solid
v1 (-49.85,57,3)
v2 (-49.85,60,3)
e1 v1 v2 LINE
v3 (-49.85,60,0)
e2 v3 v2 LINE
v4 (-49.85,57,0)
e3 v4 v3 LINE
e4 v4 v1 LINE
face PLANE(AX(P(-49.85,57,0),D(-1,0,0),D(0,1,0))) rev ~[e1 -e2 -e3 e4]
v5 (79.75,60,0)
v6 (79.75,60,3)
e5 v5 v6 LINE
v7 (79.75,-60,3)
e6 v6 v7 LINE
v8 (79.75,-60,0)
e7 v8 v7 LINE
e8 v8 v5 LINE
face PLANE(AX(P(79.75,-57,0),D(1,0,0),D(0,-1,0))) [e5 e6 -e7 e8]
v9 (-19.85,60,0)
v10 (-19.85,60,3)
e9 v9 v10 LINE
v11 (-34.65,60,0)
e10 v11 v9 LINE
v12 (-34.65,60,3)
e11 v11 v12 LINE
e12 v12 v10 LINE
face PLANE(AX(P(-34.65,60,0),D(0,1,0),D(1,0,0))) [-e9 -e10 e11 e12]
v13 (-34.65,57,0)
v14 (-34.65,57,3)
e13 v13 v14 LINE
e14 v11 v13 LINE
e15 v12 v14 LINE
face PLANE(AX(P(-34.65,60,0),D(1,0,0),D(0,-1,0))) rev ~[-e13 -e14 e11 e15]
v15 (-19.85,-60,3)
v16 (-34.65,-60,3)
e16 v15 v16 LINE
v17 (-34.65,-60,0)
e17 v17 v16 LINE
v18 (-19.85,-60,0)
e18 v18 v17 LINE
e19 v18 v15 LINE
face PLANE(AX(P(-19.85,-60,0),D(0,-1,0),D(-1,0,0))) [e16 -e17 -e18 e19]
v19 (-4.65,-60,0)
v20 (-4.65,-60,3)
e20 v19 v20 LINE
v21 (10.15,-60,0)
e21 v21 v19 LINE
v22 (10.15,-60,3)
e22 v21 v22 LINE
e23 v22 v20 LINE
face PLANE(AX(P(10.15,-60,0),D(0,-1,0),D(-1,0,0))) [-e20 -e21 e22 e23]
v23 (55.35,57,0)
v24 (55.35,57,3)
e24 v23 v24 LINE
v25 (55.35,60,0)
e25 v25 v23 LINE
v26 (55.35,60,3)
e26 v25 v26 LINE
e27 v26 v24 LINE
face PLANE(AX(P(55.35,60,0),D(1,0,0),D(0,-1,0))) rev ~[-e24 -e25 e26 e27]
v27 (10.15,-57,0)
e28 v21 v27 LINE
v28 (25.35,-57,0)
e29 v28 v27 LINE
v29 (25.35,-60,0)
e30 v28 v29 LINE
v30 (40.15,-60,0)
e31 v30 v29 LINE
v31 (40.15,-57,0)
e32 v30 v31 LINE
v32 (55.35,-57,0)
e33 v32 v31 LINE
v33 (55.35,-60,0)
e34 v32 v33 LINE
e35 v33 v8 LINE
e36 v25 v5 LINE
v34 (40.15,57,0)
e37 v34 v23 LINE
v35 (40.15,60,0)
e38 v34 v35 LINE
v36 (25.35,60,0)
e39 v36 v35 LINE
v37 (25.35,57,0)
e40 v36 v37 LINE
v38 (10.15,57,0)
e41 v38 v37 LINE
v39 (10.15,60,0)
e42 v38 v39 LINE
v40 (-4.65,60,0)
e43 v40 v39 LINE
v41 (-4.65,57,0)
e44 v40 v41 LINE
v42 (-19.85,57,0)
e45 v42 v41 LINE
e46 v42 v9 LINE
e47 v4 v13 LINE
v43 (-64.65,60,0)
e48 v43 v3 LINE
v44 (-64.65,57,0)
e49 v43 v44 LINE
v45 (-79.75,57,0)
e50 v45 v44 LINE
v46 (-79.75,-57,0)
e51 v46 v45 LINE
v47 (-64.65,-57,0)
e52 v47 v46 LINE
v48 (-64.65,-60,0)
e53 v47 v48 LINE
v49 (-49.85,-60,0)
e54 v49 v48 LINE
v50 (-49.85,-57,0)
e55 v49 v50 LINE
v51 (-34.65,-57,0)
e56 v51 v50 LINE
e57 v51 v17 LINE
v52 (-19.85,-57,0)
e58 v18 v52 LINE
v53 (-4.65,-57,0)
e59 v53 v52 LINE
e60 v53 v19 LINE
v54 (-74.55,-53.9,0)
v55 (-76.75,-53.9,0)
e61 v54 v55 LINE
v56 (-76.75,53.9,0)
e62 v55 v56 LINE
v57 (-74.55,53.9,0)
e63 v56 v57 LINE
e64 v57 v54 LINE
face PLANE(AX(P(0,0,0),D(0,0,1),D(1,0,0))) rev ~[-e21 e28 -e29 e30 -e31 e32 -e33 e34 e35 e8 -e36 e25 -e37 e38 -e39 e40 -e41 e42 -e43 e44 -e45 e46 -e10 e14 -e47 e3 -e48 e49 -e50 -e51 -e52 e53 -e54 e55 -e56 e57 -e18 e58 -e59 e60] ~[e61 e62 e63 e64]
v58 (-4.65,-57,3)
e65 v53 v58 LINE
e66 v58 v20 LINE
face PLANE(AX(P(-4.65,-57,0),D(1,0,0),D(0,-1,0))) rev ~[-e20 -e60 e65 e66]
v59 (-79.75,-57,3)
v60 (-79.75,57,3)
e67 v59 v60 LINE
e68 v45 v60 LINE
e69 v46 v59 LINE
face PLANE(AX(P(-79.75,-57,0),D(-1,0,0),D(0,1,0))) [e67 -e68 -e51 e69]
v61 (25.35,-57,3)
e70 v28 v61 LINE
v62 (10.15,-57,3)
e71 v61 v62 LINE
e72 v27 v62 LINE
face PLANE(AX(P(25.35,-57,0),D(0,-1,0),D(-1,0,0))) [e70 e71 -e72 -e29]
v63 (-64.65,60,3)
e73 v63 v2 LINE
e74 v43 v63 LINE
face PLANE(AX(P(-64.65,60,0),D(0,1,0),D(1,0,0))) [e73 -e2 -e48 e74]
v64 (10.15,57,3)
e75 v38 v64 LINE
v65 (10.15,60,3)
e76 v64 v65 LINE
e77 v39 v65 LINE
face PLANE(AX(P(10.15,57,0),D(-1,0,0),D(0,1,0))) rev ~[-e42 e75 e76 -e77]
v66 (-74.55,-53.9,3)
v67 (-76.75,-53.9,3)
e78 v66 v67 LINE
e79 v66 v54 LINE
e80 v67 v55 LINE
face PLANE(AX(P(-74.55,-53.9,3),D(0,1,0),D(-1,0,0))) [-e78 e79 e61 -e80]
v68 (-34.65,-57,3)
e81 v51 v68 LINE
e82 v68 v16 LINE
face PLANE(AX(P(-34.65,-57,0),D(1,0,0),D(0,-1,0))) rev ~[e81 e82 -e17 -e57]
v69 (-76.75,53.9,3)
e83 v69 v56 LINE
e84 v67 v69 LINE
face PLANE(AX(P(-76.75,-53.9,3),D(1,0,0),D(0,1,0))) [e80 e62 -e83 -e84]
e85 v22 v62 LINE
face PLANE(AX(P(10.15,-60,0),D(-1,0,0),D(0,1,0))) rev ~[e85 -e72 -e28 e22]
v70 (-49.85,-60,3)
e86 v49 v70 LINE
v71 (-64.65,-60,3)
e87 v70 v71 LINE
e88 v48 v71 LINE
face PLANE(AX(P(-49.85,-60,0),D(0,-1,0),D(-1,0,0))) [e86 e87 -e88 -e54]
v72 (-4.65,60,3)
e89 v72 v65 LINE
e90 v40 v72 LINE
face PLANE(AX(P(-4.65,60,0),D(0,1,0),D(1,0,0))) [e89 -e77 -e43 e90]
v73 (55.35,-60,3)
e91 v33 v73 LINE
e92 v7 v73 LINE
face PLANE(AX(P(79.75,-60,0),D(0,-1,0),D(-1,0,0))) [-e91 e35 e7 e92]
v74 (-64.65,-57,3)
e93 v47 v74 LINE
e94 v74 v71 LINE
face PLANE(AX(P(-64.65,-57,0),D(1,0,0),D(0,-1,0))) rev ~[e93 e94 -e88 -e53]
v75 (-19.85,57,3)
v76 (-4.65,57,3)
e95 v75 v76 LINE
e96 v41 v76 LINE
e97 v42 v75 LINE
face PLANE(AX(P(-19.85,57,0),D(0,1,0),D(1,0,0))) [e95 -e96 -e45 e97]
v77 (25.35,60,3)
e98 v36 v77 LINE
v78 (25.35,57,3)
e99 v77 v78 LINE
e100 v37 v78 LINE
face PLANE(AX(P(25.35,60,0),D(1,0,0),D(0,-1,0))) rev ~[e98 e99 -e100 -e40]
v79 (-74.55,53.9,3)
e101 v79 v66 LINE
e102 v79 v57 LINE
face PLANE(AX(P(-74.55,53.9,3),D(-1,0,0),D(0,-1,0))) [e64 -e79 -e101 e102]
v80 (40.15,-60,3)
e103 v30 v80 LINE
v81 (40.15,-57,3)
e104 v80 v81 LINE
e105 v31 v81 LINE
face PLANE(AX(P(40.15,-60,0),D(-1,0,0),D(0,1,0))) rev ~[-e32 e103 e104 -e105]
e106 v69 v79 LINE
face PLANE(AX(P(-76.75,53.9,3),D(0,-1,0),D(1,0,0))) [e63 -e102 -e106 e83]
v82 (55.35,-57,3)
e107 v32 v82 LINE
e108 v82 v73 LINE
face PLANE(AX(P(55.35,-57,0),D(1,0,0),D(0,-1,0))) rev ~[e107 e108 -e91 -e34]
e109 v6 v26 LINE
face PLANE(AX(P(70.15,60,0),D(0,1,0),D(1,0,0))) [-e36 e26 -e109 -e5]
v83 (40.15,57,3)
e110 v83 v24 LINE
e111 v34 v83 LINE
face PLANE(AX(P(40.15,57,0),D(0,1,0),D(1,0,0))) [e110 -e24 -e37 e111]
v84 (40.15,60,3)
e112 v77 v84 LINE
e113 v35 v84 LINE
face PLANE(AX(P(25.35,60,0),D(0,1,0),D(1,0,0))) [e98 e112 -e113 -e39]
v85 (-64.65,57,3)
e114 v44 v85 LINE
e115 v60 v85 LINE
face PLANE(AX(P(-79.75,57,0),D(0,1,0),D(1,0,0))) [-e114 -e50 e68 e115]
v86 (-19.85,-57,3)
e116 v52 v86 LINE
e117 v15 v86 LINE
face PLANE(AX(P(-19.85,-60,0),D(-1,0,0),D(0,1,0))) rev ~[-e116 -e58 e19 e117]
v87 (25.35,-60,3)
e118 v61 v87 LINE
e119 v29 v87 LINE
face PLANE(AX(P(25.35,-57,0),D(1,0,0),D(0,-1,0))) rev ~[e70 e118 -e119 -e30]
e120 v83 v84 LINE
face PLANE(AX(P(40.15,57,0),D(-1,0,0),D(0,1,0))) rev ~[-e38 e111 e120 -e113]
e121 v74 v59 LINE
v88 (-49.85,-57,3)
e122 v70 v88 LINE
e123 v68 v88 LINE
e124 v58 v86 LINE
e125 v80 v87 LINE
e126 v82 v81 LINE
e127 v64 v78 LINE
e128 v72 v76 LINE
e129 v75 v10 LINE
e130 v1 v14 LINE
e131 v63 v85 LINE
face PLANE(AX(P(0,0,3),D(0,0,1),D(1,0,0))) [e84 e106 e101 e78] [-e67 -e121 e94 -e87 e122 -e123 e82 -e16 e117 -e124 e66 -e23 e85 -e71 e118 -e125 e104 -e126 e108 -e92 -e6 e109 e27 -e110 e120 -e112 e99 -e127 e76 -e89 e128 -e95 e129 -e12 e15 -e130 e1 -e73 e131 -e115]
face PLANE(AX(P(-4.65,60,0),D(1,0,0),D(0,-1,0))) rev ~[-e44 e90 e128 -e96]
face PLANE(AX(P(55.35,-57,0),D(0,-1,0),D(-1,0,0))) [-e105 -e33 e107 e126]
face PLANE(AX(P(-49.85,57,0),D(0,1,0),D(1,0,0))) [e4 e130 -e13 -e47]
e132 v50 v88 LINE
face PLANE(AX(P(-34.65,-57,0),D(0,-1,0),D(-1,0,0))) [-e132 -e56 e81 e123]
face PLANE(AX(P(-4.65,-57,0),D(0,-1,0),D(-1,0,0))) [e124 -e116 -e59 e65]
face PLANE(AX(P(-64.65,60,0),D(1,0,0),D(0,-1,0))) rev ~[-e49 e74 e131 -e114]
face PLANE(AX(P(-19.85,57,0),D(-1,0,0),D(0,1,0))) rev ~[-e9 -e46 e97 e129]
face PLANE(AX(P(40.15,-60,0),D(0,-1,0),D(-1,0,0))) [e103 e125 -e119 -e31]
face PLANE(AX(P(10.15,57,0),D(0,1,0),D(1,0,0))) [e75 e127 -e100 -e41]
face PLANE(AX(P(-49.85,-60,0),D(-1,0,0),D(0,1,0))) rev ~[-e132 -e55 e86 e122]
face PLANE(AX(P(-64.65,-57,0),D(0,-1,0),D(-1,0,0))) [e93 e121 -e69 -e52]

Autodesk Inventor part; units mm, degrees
ref_plane "YZ Plane" through (0, 0, 0) normal (1, 0, 0) x (0, 1, 0)
ref_plane "XZ Plane" through (0, 0, 0) normal (0, 1, 0) x (-1, 0, 0)
ref_plane "XY Plane" through (0, 0, 0) normal (0, 0, 1) x (1, 0, 0)
sketch "Esboço2" plane through (0, 0, 0) normal (0, 0, 1) x (1, 0, 0)
  line L0 (79.75, -60) -> (-79.75, -60)
  line L1 (-79.75, -60) -> (-79.75, 60)
  line L2 (-79.75, 60) -> (79.75, 60)
  line L3 (79.75, 60) -> (79.75, -60)
  line L4 (79.75, -60) -> (-79.75, 60) construction
  line L5 (-79.75, -60) -> (79.75, 60) construction
  line L6 (-64.65, -60) -> (-49.85, -60)
  line L7 (-49.85, -60) -> (-49.85, 60)
  line L8 (-49.85, 60) -> (-64.65, 60)
  line L9 (-64.65, 60) -> (-64.65, -60)
  line L10 (-34.65, 60) -> (-34.65, -60)
  line L11 (-19.85, -60) -> (-19.85, 60)
  line L12 (-4.65, 60) -> (-4.65, -60)
  line L13 (10.15, -60) -> (10.15, 60)
  line L14 (25.35, 60) -> (25.35, -60)
  line L15 (40.15, -60) -> (40.15, 60)
  line L16 (55.35, 60) -> (55.35, -60)
  line L17 (70.15, -60) -> (70.15, 60)
  line L18 (85.35, 60) -> (85.35, -60)
  line L19 (100.15, -60) -> (100.15, 60)
  line L20 (79.75, -57) -> (-79.75, -57)
  line L21 (-79.75, 57) -> (79.75, 57)
  point P0 (0, 0)
  point P1 (-64.65, 57)
  point P2 (-64.65, -57)
  point P3 (-49.85, -57)
  point P4 (-49.85, -60)
  point P5 (-34.65, -57)
  point P6 (-19.85, -57)
  point P7 (-19.85, -60)
  point P8 (-4.65, -60)
  point P9 (-4.65, -57)
  point P10 (10.15, -57)
  point P11 (10.15, -60)
  point P12 (25.35, -60)
  point P13 (25.35, -57)
  point P14 (40.15, -57)
  point P15 (40.15, -60)
  point P16 (55.35, -60)
  point P17 (55.35, -57)
  point P18 (70.15, -57)
  point P19 (70.15, -60)
  point P20 (70.15, 60)
  point P21 (70.15, 57)
  point P22 (55.35, 57)
  point P23 (55.35, 60)
  point P24 (40.15, 60)
  point P25 (40.15, 57)
  point P26 (25.35, 57)
  point P27 (10.15, 60)
  point P28 (10.15, 57)
  point P29 (-4.65, 57)
  point P30 (-4.65, 60)
  point P31 (-19.85, 60)
  point P32 (-19.85, 57)
  point P33 (-34.65, 57)
  point P34 (-49.85, 57)
  dimension "d0" = 159.5
  dimension "d1" = 120
  dimension "d37" = 14.8
  dimension "d38" = 15.1
  dimension "d41" = 30
  dimension "d46" = 3
  dimension "d47" = 3
extrude "Extrusão1" add sketch "Esboço2" along normal blind 3 contours L0 L17 L20 L3 | L0 L16 L20 L17 | L20 L17 L21 L3 | L20 L16 L21 L17 | L21 L17 L2 L3 | L0 L14 L20 L15 | L20 L15 L21 L16 | L21 L16 L2 L17 | L20 L14 L21 L15 | L0 L12 L20 L13 | L20 L13 L21 L14 | L21 L14 L2 L15 | L20 L12 L21 L13 | L0 L10 L20 L11 | L20 L11 L21 L12 | L21 L12 L2 L13 | L20 L10 L21 L11 | L0 L9 L20 L7 | L20 L7 L21 L10 | L21 L10 L2 L11 | L20 L9 L21 L7 | L20 L1 L21 L9 | L21 L9 L2 L7
sketch "Esboço7" plane through (0, 0, 3) normal (0, 0, 1) x (1, 0, 0)
  line L0 (-74.55, -53.9) -> (-76.75, -53.9)
  line L1 (-76.75, -53.9) -> (-76.75, 53.9)
  line L2 (-76.75, 53.9) -> (-74.55, 53.9)
  line L3 (-74.55, 53.9) -> (-74.55, -53.9)
  line L4 (-74.55, -53.9) -> (-76.75, 53.9) construction
  line L5 (-76.75, -53.9) -> (-74.55, 53.9) construction
  line L6 (-64.65, 57) -> (-79.75, 57) projected
  line L7 (-79.75, 57) -> (-79.75, -57) projected
  point P0 (0, 0)
  point P1 (-75.65, 0)
  point P2 (-72.2, 57)
  point P3 (-75.65, 53.9)
  dimension "d48" = 3.1
  dimension "d49" = 3
  dimension "d50" = 2.2
  dimension "d4" = 15.2
  dimension "d5" = 3
  dimension "d8" = 30
extrude "Extrusão5" cut sketch "Esboço7" against normal up to surface (3 mm away)
sketch "Esboço5" plane through (-79.75, -60, 0) normal (0, -1, 0) x (1, 0, 0)
  line L0 (0, 0) -> (0, 3) projected
  line L1 (0, 3) -> (15.2, 3)
  line L2 (15.2, 3) -> (15.2, 0)
  line L3 (15.2, 0) -> (0, 0)
  line L4 (0, 0) -> (0, 3)
  line L5 (30, 3) -> (45.2, 3)
  line L6 (45.2, 3) -> (45.2, 0)
  line L7 (45.2, 0) -> (30, 0)
  line L8 (30, 0) -> (30, 3)
  line L9 (60, 3) -> (75.2, 3)
  line L10 (75.2, 3) -> (75.2, 0)
  line L11 (75.2, 0) -> (60, 0)
  line L12 (60, 0) -> (60, 3)
  line L13 (90, 3) -> (105.2, 3)
  line L14 (105.2, 3) -> (105.2, 0)
  line L15 (105.2, 0) -> (90, 0)
  line L16 (90, 0) -> (90, 3)
  line L17 (120, 3) -> (135.2, 3)
  line L18 (135.2, 3) -> (135.2, 0)
  line L19 (135.2, 0) -> (120, 0)
  line L20 (120, 0) -> (120, 3)
  point P0 (79.75, 0)
  dimension "d13" = 15.2
  dimension "d14" = 3
  dimension "d17" = 30
sketch "Esboço6" plane through (79.75, -60, 0) normal (1, 0, 0) x (0, 0, -1)
  line L0 (-3, 0) -> (0, 0) projected
  line L1 (0, 0) -> (-3, 0)
  line L2 (-3, 0) -> (-3, 15)
  line L3 (-3, 15) -> (0, 15)
  line L4 (0, 15) -> (0, 0)
  line L5 (0, 30) -> (-3, 30)
  line L6 (-3, 30) -> (-3, 45)
  line L7 (0, 45) -> (0, 30)
  line L8 (-3, 45) -> (0, 45)
  line L9 (0, 60) -> (-3, 60)
  line L10 (-3, 60) -> (-3, 75)
  line L11 (0, 75) -> (0, 60)
  line L12 (-3, 75) -> (0, 75)
  line L13 (0, 90) -> (-3, 90)
  line L14 (-3, 90) -> (-3, 105)
  line L15 (0, 105) -> (0, 90)
  line L16 (-3, 105) -> (0, 105)
  point P0 (0, 60)
  dimension "d26" = 15
  dimension "d27" = 3
  dimension "d30" = 30
equation "\"d13\" = d4"
equation "\"d14\" = d5"
properties part number "top"
